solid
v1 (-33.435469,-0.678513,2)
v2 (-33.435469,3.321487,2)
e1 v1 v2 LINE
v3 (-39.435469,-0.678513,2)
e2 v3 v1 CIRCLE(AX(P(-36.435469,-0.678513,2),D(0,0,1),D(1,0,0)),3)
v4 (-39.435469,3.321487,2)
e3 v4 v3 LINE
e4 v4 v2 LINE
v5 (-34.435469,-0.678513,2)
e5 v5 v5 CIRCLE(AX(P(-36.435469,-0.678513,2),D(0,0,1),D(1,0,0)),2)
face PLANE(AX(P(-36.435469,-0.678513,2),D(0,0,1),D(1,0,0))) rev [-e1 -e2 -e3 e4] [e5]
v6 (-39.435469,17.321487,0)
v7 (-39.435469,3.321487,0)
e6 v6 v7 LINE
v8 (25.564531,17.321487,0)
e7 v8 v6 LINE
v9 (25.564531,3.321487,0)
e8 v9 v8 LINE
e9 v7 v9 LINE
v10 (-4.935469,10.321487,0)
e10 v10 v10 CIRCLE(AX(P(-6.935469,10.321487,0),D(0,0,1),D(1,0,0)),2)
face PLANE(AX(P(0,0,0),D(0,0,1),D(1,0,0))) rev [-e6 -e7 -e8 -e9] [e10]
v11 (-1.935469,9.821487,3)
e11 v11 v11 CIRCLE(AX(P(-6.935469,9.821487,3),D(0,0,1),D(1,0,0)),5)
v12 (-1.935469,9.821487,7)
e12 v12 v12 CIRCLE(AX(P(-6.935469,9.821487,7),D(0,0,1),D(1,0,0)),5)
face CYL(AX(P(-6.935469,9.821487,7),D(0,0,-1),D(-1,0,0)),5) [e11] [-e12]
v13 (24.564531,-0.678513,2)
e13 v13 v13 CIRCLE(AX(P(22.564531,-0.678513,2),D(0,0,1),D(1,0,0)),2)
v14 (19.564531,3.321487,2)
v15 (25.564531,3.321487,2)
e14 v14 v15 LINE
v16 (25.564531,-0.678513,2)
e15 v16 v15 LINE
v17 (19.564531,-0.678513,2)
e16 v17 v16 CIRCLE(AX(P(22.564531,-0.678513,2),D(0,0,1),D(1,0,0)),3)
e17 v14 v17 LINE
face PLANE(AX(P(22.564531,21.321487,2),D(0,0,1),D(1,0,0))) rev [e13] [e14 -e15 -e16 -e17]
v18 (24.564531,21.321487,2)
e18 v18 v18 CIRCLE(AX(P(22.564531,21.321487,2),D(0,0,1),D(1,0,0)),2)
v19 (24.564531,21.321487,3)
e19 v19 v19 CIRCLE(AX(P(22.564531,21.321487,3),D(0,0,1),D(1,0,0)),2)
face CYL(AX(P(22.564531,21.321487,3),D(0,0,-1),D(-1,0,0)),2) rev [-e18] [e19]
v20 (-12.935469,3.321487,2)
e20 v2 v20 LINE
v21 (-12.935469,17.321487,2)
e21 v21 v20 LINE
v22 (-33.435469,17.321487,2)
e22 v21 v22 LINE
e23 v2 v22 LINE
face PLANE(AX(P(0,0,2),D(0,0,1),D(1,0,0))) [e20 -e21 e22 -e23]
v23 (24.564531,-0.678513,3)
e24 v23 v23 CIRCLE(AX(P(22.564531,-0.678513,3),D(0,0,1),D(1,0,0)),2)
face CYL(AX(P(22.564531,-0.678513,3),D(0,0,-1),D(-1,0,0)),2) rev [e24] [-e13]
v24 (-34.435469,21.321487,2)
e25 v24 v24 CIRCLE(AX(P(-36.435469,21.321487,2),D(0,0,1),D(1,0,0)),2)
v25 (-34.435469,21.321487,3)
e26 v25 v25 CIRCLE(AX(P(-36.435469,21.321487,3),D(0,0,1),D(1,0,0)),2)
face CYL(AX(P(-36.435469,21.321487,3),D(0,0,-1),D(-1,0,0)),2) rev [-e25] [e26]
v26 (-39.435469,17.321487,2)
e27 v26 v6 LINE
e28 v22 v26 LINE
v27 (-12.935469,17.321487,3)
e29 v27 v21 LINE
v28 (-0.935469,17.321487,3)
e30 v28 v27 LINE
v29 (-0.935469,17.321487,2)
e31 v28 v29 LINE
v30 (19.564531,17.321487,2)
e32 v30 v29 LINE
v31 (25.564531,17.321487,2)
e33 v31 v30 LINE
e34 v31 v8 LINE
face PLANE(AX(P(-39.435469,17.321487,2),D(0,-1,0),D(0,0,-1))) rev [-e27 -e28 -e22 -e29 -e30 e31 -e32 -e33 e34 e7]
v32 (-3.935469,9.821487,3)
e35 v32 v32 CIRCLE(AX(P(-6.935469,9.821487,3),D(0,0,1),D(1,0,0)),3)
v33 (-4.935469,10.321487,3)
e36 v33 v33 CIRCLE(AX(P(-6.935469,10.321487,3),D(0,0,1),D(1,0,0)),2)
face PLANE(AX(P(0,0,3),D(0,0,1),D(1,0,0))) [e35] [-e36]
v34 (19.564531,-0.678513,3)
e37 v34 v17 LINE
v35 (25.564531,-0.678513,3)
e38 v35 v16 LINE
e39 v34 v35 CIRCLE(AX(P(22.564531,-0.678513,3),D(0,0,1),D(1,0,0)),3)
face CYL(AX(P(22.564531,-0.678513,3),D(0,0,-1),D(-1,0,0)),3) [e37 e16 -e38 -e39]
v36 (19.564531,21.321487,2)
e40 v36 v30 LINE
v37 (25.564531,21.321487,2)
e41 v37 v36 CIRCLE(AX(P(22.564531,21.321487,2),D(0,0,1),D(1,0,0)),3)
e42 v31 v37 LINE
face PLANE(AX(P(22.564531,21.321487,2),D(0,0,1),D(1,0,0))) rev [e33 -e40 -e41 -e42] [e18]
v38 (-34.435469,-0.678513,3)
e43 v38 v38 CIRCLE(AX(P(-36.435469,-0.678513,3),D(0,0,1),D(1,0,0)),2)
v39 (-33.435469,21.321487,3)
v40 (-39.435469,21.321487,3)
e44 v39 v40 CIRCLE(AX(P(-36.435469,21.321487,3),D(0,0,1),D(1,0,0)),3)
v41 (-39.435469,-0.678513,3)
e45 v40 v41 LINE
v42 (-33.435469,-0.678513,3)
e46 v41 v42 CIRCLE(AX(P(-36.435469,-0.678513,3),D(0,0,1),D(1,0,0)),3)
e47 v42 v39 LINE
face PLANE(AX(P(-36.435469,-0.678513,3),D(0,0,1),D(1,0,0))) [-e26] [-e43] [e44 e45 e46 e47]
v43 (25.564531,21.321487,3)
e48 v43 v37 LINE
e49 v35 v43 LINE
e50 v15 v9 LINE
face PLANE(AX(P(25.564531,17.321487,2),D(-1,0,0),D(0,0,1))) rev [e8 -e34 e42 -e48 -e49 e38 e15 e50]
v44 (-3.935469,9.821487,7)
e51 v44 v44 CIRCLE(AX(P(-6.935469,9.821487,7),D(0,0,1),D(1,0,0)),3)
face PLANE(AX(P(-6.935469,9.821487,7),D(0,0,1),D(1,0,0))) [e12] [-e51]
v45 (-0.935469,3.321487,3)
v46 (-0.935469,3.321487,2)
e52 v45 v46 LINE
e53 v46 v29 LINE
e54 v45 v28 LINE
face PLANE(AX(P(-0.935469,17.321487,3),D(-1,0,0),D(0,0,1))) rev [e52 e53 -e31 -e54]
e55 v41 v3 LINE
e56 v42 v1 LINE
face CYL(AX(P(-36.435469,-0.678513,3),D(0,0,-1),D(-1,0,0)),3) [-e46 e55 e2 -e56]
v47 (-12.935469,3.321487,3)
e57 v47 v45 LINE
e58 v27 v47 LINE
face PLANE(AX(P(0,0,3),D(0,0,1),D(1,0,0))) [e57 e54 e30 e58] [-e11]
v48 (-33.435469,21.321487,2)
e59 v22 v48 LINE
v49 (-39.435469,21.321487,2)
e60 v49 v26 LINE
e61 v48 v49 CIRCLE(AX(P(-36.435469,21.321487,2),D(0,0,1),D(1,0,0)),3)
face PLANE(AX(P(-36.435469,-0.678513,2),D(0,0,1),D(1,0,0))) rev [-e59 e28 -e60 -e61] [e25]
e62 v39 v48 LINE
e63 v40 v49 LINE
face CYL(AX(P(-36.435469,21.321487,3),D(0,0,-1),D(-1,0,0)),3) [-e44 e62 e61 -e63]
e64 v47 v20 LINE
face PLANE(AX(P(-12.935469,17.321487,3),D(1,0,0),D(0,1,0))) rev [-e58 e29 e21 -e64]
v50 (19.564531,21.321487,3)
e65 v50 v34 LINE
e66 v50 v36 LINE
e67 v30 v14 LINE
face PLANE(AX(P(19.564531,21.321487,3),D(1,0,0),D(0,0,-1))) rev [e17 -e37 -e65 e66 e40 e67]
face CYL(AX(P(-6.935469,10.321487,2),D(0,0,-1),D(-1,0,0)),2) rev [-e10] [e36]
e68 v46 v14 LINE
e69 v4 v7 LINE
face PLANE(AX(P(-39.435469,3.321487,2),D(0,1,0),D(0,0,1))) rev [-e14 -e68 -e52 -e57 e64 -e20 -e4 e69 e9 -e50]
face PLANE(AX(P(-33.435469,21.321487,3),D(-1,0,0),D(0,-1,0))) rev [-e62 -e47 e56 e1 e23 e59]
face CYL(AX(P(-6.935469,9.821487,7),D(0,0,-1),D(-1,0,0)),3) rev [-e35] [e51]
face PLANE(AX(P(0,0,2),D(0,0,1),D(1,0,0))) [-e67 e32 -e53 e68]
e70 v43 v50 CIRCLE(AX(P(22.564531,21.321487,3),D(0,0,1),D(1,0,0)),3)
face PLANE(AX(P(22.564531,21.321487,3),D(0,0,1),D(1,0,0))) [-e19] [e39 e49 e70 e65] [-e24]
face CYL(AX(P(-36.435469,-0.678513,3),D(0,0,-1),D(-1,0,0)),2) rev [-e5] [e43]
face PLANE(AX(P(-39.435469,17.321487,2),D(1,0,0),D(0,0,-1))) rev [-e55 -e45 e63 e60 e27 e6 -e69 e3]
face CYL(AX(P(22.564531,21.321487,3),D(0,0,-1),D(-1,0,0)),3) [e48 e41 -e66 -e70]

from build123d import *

# Parameters (mm, degrees)
ESBO_O1_W                = 65
ESBO_O1_H                = 14
ESBO_O1_R                = 2
RESSALTO_EXTRUS_O1_DEPTH = 2
ESBO_O2_W                = 12
ESBO_O2_H                = 14
ESBO_O2_R                = 2
RESSALTO_EXTRUS_O2_DEPTH = 1
ESBO_O3_R                = 5
ESBO_O3_R_2              = 3
RESSALTO_EXTRUS_O3_DEPTH = 4


with BuildPart() as part:
    # Esboço1 → Ressalto-extrusão1 (new body)
    with BuildSketch(Plane.XY):
        with Locations((-6.935469367, 10.321486594)):
            Rectangle(ESBO_O1_W, ESBO_O1_H)
        with Locations((-6.935469367, 10.321486594)):
            Circle(ESBO_O1_R, mode=Mode.SUBTRACT)
    extrude(amount=RESSALTO_EXTRUS_O1_DEPTH)

    # Esboço2 → Ressalto-extrusão2 (add)
    # profile 1 of 3: a face of its own
    with BuildSketch(Plane.XY.offset(2)):
        with Locations((-6.935469367, 10.321486594)):
            Rectangle(ESBO_O2_W, ESBO_O2_H)
        with Locations((-6.935469367, 10.321486594)):
            Circle(ESBO_O2_R, mode=Mode.SUBTRACT)
    # profile 2 of 3: a face of its own
    with BuildSketch(Plane.XY.offset(2)):
        with BuildLine():
            Line((-33.435469367, 21.321486594), (-33.435469367, -0.678513406))
            ThreePointArc((-33.435469367, -0.678513406), (-36.435469367, -3.678513406), (-39.435469367, -0.678513406))
            Line((-39.435469367, -0.678513406), (-39.435469367, 21.321486594))
            ThreePointArc((-39.435469367, 21.321486594), (-36.435469367, 24.321486594), (-33.435469367, 21.321486594))
        make_face()
        with Locations((-36.435469367, 21.321486594)):
            Circle(ESBO_O2_R, mode=Mode.SUBTRACT)
        with Locations((-36.435469367, -0.678513406)):
            Circle(ESBO_O2_R, mode=Mode.SUBTRACT)
    # profile 3 of 3: a face of its own
    with BuildSketch(Plane.XY.offset(2)):
        with BuildLine():
            Line((25.564530633, 21.321486594), (25.564530633, -0.678513406))
            ThreePointArc((25.564530633, -0.678513406), (22.564530633, -3.678513406), (19.564530633, -0.678513406))
            Line((19.564530633, -0.678513406), (19.564530633, 21.321486594))
            ThreePointArc((19.564530633, 21.321486594), (22.564530633, 24.321486594), (25.564530633, 21.321486594))
        make_face()
        with Locations((22.564530633, -0.678513406)):
            Circle(ESBO_O2_R, mode=Mode.SUBTRACT)
        with Locations((22.564530633, 21.321486594)):
            Circle(ESBO_O2_R, mode=Mode.SUBTRACT)
    extrude(amount=RESSALTO_EXTRUS_O2_DEPTH)

    # Esboço3 → Ressalto-extrusão3 (add)
    with BuildSketch(Plane.XY.offset(3)):
        with Locations((-6.935469367, 9.821486594)):
            Circle(ESBO_O3_R)
        with Locations((-6.935469367, 9.821486594)):
            Circle(ESBO_O3_R_2, mode=Mode.SUBTRACT)
    extrude(amount=RESSALTO_EXTRUS_O3_DEPTH)


solid = part.part
